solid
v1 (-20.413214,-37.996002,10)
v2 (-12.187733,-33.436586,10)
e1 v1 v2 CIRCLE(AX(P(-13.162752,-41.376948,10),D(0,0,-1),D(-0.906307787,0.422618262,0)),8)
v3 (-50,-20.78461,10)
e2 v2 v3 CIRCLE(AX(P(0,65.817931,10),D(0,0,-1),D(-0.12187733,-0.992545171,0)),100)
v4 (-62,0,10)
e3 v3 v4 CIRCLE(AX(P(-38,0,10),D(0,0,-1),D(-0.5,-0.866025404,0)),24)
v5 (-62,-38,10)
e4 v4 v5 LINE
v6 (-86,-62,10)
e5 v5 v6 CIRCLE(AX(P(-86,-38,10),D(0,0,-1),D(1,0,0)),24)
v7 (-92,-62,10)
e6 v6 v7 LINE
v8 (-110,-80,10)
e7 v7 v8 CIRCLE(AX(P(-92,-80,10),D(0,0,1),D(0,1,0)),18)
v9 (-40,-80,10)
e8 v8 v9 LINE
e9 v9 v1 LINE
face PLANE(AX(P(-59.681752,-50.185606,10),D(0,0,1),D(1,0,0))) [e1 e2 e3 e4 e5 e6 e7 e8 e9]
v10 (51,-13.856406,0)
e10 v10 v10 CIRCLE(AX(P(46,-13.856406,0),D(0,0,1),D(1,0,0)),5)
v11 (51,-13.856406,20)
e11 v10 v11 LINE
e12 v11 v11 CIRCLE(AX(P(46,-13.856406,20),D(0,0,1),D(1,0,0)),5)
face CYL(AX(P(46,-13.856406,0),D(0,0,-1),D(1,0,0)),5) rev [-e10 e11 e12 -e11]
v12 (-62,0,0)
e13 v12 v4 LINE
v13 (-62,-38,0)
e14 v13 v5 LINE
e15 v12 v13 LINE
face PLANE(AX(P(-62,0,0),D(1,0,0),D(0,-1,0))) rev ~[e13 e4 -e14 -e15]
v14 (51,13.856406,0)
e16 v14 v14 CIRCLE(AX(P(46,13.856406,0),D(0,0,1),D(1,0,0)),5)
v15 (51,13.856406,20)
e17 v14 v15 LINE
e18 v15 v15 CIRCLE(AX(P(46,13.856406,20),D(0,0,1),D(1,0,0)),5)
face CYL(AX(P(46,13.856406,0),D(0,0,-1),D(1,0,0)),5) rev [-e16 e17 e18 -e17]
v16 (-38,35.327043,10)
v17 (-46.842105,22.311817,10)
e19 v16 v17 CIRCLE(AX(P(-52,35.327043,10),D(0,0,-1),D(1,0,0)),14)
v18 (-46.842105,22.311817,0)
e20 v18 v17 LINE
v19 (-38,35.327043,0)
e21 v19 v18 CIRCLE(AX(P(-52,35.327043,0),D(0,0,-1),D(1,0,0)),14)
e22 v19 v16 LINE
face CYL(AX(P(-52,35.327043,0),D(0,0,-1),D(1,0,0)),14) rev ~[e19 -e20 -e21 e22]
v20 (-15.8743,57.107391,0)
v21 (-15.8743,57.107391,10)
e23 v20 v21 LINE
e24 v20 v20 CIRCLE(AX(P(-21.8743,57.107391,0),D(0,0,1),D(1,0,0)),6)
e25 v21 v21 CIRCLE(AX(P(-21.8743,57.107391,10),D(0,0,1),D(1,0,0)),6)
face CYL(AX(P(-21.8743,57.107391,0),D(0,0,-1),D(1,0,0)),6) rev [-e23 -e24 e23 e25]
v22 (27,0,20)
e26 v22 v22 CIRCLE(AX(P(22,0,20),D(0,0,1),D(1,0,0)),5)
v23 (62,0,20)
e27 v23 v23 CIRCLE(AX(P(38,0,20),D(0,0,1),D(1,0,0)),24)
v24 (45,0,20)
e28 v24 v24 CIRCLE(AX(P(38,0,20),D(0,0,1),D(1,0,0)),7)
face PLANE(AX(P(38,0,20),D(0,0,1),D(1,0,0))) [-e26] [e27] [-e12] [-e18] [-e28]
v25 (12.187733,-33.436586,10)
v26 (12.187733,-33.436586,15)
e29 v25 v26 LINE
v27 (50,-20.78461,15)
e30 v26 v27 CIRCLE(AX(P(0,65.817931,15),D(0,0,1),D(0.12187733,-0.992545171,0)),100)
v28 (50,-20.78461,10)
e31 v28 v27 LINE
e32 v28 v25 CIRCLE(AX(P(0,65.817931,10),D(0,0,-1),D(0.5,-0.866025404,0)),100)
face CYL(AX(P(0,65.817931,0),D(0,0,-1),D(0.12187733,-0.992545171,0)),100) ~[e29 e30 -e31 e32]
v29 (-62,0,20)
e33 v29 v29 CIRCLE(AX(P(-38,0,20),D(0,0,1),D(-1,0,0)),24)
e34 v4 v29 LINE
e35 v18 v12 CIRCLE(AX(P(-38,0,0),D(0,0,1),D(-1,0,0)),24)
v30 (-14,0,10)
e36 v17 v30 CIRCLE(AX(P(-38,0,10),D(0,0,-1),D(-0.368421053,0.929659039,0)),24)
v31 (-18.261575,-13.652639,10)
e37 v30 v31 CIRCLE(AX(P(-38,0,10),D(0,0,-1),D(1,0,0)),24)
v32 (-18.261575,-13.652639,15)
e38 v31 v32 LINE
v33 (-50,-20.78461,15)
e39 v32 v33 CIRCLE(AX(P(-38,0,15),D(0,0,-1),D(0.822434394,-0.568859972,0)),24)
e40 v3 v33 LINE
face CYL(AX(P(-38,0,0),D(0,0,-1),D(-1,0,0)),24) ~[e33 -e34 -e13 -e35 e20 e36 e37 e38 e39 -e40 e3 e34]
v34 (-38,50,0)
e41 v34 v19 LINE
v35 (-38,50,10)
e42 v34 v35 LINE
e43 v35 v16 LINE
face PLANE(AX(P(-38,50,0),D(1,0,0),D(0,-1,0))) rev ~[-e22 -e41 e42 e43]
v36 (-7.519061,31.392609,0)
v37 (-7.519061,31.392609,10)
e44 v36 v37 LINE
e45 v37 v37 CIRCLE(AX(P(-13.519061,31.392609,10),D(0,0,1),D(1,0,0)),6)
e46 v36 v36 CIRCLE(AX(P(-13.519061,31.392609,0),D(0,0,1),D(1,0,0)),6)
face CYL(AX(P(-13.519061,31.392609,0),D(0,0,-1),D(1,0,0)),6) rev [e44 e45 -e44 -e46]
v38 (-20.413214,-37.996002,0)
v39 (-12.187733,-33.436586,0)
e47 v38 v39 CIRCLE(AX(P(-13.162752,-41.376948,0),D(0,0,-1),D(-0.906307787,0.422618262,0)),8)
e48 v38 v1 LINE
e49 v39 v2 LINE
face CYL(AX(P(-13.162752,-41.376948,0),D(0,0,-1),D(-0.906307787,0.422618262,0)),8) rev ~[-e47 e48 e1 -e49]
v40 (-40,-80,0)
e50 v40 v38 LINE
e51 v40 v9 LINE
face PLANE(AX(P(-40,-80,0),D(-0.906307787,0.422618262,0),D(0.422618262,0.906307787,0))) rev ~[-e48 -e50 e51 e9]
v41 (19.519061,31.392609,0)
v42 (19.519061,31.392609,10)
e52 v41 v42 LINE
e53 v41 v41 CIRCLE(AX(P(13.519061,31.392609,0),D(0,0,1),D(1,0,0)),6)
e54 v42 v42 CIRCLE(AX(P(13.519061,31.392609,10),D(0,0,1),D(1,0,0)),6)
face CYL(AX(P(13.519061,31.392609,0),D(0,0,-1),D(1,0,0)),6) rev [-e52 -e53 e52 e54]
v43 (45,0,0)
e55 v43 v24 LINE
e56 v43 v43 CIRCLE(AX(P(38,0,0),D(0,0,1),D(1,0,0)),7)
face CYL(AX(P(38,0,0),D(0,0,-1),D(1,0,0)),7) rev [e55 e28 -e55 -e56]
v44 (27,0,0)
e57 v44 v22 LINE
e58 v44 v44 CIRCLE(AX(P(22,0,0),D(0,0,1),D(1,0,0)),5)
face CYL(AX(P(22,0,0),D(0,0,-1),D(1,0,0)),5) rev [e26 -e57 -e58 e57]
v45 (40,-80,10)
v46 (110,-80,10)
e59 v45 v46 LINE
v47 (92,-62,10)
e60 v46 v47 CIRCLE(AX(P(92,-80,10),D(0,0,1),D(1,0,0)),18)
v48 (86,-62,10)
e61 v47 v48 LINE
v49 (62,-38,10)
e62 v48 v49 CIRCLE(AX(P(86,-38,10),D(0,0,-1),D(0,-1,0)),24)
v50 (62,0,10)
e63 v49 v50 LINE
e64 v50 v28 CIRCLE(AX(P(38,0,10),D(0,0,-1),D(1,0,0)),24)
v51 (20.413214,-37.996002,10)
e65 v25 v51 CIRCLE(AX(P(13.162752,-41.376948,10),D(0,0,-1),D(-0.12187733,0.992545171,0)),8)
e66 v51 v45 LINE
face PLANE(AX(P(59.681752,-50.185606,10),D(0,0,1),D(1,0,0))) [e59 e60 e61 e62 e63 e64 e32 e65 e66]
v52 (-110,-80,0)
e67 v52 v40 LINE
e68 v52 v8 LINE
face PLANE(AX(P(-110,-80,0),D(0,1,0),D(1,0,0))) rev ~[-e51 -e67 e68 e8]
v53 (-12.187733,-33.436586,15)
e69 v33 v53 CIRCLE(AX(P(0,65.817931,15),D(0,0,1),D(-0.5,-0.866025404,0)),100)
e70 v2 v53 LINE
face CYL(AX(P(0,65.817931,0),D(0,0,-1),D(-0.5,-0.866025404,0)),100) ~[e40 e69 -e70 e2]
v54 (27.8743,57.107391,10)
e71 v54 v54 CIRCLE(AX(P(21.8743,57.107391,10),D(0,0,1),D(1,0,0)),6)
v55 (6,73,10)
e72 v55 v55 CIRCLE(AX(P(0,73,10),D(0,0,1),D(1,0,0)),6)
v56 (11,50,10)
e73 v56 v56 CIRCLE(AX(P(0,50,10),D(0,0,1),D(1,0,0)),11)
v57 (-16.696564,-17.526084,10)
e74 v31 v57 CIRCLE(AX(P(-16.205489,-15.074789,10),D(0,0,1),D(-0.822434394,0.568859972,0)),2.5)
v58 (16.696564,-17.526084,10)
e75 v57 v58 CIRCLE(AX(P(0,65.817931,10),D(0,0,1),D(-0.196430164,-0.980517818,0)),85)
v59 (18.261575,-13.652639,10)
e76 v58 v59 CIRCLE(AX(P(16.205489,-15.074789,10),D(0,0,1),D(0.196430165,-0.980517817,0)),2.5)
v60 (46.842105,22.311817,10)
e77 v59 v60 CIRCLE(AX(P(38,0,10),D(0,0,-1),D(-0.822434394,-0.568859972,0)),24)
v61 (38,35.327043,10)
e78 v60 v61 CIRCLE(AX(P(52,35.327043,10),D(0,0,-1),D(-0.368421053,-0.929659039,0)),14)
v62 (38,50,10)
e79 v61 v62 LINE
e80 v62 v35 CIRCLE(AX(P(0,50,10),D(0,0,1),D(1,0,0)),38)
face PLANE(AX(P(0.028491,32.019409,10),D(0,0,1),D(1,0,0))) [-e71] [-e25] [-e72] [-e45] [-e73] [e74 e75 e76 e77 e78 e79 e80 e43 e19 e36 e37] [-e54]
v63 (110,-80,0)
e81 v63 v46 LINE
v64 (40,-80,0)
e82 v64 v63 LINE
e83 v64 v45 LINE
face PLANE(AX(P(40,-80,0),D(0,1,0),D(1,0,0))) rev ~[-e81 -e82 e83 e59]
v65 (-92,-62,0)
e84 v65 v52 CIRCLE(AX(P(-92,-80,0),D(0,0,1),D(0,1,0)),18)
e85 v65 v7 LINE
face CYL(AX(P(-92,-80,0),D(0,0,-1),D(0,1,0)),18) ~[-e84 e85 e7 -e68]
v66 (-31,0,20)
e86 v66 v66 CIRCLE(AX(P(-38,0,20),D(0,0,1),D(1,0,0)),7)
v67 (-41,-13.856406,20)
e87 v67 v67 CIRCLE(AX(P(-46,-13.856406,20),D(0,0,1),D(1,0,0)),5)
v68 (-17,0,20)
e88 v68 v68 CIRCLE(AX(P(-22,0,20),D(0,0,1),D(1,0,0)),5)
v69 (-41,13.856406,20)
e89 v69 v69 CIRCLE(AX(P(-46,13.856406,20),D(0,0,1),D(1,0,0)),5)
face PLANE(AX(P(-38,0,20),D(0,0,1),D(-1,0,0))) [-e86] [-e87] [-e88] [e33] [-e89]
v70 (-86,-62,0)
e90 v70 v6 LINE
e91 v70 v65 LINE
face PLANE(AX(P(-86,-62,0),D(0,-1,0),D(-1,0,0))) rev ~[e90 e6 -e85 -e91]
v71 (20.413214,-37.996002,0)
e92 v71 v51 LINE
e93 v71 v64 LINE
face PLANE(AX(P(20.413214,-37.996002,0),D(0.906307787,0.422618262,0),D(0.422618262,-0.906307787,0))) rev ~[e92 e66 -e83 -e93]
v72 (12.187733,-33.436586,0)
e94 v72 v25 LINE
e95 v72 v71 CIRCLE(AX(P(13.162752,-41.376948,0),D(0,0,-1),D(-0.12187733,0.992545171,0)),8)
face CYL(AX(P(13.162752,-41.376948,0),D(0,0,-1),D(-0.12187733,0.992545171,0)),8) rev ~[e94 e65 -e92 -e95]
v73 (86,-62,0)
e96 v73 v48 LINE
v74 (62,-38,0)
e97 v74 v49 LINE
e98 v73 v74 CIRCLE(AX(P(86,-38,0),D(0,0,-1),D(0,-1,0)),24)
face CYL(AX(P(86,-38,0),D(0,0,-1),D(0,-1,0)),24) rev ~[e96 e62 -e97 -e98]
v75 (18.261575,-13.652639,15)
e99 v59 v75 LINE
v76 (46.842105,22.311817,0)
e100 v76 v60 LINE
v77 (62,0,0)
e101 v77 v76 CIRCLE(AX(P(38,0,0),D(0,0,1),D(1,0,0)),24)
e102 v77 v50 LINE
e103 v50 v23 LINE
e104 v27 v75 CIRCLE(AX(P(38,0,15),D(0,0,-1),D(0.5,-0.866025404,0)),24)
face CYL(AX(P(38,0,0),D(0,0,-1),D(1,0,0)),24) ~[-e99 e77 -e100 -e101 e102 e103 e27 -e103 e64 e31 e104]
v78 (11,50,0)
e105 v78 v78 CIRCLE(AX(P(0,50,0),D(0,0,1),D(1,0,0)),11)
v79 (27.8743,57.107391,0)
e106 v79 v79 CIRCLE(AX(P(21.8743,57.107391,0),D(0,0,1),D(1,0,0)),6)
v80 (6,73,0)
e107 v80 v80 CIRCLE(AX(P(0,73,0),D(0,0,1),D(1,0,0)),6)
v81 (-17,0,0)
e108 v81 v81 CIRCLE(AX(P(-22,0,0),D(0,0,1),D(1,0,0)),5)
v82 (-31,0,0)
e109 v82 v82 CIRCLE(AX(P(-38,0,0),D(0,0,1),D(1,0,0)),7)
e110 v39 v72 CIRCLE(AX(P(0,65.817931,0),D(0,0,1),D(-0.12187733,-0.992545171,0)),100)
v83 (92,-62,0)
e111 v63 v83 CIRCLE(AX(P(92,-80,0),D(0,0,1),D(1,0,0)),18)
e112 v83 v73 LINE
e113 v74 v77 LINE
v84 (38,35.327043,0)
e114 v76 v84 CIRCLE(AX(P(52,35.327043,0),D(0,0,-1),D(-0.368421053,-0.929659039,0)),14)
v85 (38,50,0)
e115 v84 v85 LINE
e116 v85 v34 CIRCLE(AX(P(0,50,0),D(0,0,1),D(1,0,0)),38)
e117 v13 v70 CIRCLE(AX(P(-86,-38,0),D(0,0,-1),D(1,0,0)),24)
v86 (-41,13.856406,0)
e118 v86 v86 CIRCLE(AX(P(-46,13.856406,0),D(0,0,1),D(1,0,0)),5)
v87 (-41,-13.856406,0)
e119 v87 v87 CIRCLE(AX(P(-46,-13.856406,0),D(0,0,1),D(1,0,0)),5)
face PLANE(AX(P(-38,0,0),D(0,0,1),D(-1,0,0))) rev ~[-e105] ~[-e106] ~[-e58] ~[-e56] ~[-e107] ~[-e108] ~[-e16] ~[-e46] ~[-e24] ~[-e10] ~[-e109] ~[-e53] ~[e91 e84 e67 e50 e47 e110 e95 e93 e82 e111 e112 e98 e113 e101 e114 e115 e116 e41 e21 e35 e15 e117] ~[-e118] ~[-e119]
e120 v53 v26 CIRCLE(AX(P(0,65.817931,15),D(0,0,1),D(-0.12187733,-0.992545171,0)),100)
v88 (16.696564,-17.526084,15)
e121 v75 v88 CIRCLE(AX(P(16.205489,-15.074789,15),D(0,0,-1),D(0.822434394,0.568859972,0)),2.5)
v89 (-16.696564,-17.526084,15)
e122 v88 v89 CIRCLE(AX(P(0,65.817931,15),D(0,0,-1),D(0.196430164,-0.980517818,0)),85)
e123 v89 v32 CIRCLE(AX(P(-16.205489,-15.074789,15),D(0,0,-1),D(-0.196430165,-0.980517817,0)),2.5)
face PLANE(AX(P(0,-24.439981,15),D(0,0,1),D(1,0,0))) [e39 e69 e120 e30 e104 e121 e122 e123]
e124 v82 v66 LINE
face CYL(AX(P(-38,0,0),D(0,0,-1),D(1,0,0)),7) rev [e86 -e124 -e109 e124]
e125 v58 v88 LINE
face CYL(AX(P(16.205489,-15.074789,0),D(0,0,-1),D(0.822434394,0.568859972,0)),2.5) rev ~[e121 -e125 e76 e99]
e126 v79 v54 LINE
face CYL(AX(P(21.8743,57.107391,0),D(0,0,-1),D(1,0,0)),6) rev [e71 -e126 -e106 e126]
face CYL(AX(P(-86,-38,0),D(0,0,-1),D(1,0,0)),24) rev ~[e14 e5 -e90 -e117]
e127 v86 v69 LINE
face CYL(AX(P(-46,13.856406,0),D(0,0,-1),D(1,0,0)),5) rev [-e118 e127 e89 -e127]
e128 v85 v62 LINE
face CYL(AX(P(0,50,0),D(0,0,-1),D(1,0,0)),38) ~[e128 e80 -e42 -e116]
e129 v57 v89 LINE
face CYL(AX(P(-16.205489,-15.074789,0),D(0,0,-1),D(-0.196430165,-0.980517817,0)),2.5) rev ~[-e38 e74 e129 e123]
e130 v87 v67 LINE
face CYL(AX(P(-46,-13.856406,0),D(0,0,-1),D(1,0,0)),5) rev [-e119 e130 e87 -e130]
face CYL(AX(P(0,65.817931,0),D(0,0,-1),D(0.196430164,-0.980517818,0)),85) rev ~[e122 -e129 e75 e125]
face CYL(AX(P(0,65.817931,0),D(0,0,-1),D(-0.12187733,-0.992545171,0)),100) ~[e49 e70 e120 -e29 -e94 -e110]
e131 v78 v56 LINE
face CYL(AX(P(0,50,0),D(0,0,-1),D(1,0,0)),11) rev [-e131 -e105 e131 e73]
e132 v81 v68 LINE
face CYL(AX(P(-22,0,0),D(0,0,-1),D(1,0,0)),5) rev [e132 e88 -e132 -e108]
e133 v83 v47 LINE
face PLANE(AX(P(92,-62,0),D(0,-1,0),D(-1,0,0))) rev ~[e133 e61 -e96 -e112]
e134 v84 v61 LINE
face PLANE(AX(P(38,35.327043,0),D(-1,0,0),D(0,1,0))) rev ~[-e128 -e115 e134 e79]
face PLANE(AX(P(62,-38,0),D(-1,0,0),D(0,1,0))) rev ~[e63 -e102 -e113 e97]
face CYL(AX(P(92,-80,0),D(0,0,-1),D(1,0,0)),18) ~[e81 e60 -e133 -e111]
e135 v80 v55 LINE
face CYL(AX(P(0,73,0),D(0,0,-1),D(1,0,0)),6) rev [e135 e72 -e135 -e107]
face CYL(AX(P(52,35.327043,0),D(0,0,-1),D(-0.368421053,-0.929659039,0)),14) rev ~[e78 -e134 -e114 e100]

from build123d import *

# Parameters (mm, degrees)
SKETCH_1_R        = 6
SKETCH_1_R_2      = 11
EXTRUDE_1_DEPTH   = 10
EXTRUDE_1_2_DEPTH = 10
EXTRUDE_1_3_DEPTH = 10
EXTRUDE_2_DEPTH   = 15
SKETCH_1_4_R      = 24
SKETCH_1_4_R_2    = 5
SKETCH_1_4_R_3    = 7
EXTRUDE_3_DEPTH   = 20


with BuildPart() as part:
    # Эскиз1 → Бобышка-Вытянуть1 (new body)
    with BuildSketch(Plane.XY):
        with BuildLine():
            ThreePointArc((38, 50), (0, 88), (-38, 50))
            Line((-38, 50), (-38, 35.327043465))
            ThreePointArc((-38, 35.327043465), (-40.419617314, 27.459722648), (-46.842105263, 22.311816925))
            ThreePointArc((-46.842105263, 22.311816925), (-19.210562093, 14.931745483), (-18.261574548, -13.652639329))
            ThreePointArc((-18.261574548, -13.652639329), (-18.523440421, -16.011324994), (-16.696563974, -17.526083803))
            ThreePointArc((-16.696563974, -17.526083803), (0, -19.182069312), (16.696563974, -17.526083803))
            ThreePointArc((16.696563974, -17.526083803), (18.523440421, -16.011324994), (18.261574548, -13.652639329))
            ThreePointArc((18.261574548, -13.652639329), (19.210562093, 14.931745483), (46.842105263, 22.311816925))
            ThreePointArc((46.842105263, 22.311816925), (40.419617314, 27.459722648), (38, 35.327043465))
            Line((38, 35.327043465), (38, 50))
        make_face()
        with Locations((-13.519060803, 31.392609129)):
            Circle(SKETCH_1_R, mode=Mode.SUBTRACT)
        with Locations((0, 50)):
            Circle(SKETCH_1_R_2, mode=Mode.SUBTRACT)
        with Locations((-21.874299875, 57.107390871)):
            Circle(SKETCH_1_R, mode=Mode.SUBTRACT)
        with Locations((0, 73)):
            Circle(SKETCH_1_R, mode=Mode.SUBTRACT)
        with Locations((13.519060803, 31.392609129)):
            Circle(SKETCH_1_R, mode=Mode.SUBTRACT)
        with Locations((21.874299875, 57.107390871)):
            Circle(SKETCH_1_R, mode=Mode.SUBTRACT)
    extrude(amount=EXTRUDE_1_DEPTH)



with BuildPart() as body_2:
    # Эскиз1 → Extrude 1 2 (new body)
    with BuildSketch(Plane.XY):
        with BuildLine():
            ThreePointArc((-50, -20.784609691), (-58.784609691, -12), (-62, 0))
            Line((-62, 0), (-62, -38))
            ThreePointArc((-62, -38), (-69.029437252, -54.970562748), (-86, -62))
            Line((-86, -62), (-92, -62))
            ThreePointArc((-92, -62), (-104.727922061, -67.272077939), (-110, -80))
            Line((-110, -80), (-40, -80))
            Line((-40, -80), (-20.413213913, -37.996001687))
            ThreePointArc((-20.413213913, -37.996001687), (-17.041200429, -34.37997452), (-12.187732979, -33.436586413))
            ThreePointArc((-12.187732979, -33.436586413), (-31.730847168, -29.014307175), (-50, -20.784609691))
        make_face()
    extrude(amount=EXTRUDE_1_2_DEPTH)


with BuildPart() as body_3:
    # Эскиз1 → Extrude 1 3 (new body)
    with BuildSketch(Plane.XY):
        with BuildLine():
            Line((62, -38), (62, 0))
            ThreePointArc((62, 0), (58.784609691, -12), (50, -20.784609691))
            ThreePointArc((50, -20.784609691), (31.730847168, -29.014307175), (12.187732979, -33.436586413))
            ThreePointArc((12.187732979, -33.436586413), (17.041200429, -34.37997452), (20.413213913, -37.996001687))
            Line((20.413213913, -37.996001687), (40, -80))
            Line((40, -80), (110, -80))
            ThreePointArc((110, -80), (104.727922061, -67.272077939), (92, -62))
            Line((92, -62), (86, -62))
            ThreePointArc((86, -62), (69.029437252, -54.970562748), (62, -38))
        make_face()
    extrude(amount=EXTRUDE_1_3_DEPTH)


with BuildPart() as part_1:
    add(part.part)

    add(body_2.part)  # Бобышка-Вытянуть2 merges body 2

    add(body_3.part)  # Бобышка-Вытянуть2 merges body 3
    # Эскиз1<3> → Бобышка-Вытянуть2 (add)
    with BuildSketch(Plane.XY):
        with BuildLine():
            ThreePointArc((-16.696563974, -17.526083803), (-18.523440421, -16.011324994), (-18.261574548, -13.652639329))
            ThreePointArc((-18.261574548, -13.652639329), (-32.738150759, -23.416082989), (-50, -20.784609691))
            ThreePointArc((-50, -20.784609691), (-31.730847168, -29.014307175), (-12.187732979, -33.436586413))
            ThreePointArc((-12.187732979, -33.436586413), (0, -34.182069312), (12.187732979, -33.436586413))
            ThreePointArc((12.187732979, -33.436586413), (31.730847168, -29.014307175), (50, -20.784609691))
            ThreePointArc((50, -20.784609691), (32.738150759, -23.416082989), (18.261574548, -13.652639329))
            ThreePointArc((18.261574548, -13.652639329), (18.523440421, -16.011324994), (16.696563974, -17.526083803))
            ThreePointArc((16.696563974, -17.526083803), (0, -19.182069312), (-16.696563974, -17.526083803))
        make_face()
    extrude(amount=EXTRUDE_2_DEPTH)

    # Эскиз1<4> → Бобышка-Вытянуть3 (add)
    # profile 1 of 2: a face of its own
    with BuildSketch(Plane.XY):
        with Locations((-38, 0)):
            Circle(SKETCH_1_4_R)
        with Locations((-46, -13.856406461)):
            Circle(SKETCH_1_4_R_2, mode=Mode.SUBTRACT)
        with Locations((-38, 0)):
            Circle(SKETCH_1_4_R_3, mode=Mode.SUBTRACT)
        with Locations((-22, 0)):
            Circle(SKETCH_1_4_R_2, mode=Mode.SUBTRACT)
        with Locations((-46, 13.856406461)):
            Circle(SKETCH_1_4_R_2, mode=Mode.SUBTRACT)
    # profile 2 of 2: a face of its own
    with BuildSketch(Plane.XY):
        with Locations((38, 0)):
            Circle(SKETCH_1_4_R)
        with Locations((22, 0)):
            Circle(SKETCH_1_4_R_2, mode=Mode.SUBTRACT)
        with Locations((46, -13.856406461)):
            Circle(SKETCH_1_4_R_2, mode=Mode.SUBTRACT)
        with Locations((38, 0)):
            Circle(SKETCH_1_4_R_3, mode=Mode.SUBTRACT)
        with Locations((46, 13.856406461)):
            Circle(SKETCH_1_4_R_2, mode=Mode.SUBTRACT)
    extrude(amount=EXTRUDE_3_DEPTH)


solid = part_1.part
